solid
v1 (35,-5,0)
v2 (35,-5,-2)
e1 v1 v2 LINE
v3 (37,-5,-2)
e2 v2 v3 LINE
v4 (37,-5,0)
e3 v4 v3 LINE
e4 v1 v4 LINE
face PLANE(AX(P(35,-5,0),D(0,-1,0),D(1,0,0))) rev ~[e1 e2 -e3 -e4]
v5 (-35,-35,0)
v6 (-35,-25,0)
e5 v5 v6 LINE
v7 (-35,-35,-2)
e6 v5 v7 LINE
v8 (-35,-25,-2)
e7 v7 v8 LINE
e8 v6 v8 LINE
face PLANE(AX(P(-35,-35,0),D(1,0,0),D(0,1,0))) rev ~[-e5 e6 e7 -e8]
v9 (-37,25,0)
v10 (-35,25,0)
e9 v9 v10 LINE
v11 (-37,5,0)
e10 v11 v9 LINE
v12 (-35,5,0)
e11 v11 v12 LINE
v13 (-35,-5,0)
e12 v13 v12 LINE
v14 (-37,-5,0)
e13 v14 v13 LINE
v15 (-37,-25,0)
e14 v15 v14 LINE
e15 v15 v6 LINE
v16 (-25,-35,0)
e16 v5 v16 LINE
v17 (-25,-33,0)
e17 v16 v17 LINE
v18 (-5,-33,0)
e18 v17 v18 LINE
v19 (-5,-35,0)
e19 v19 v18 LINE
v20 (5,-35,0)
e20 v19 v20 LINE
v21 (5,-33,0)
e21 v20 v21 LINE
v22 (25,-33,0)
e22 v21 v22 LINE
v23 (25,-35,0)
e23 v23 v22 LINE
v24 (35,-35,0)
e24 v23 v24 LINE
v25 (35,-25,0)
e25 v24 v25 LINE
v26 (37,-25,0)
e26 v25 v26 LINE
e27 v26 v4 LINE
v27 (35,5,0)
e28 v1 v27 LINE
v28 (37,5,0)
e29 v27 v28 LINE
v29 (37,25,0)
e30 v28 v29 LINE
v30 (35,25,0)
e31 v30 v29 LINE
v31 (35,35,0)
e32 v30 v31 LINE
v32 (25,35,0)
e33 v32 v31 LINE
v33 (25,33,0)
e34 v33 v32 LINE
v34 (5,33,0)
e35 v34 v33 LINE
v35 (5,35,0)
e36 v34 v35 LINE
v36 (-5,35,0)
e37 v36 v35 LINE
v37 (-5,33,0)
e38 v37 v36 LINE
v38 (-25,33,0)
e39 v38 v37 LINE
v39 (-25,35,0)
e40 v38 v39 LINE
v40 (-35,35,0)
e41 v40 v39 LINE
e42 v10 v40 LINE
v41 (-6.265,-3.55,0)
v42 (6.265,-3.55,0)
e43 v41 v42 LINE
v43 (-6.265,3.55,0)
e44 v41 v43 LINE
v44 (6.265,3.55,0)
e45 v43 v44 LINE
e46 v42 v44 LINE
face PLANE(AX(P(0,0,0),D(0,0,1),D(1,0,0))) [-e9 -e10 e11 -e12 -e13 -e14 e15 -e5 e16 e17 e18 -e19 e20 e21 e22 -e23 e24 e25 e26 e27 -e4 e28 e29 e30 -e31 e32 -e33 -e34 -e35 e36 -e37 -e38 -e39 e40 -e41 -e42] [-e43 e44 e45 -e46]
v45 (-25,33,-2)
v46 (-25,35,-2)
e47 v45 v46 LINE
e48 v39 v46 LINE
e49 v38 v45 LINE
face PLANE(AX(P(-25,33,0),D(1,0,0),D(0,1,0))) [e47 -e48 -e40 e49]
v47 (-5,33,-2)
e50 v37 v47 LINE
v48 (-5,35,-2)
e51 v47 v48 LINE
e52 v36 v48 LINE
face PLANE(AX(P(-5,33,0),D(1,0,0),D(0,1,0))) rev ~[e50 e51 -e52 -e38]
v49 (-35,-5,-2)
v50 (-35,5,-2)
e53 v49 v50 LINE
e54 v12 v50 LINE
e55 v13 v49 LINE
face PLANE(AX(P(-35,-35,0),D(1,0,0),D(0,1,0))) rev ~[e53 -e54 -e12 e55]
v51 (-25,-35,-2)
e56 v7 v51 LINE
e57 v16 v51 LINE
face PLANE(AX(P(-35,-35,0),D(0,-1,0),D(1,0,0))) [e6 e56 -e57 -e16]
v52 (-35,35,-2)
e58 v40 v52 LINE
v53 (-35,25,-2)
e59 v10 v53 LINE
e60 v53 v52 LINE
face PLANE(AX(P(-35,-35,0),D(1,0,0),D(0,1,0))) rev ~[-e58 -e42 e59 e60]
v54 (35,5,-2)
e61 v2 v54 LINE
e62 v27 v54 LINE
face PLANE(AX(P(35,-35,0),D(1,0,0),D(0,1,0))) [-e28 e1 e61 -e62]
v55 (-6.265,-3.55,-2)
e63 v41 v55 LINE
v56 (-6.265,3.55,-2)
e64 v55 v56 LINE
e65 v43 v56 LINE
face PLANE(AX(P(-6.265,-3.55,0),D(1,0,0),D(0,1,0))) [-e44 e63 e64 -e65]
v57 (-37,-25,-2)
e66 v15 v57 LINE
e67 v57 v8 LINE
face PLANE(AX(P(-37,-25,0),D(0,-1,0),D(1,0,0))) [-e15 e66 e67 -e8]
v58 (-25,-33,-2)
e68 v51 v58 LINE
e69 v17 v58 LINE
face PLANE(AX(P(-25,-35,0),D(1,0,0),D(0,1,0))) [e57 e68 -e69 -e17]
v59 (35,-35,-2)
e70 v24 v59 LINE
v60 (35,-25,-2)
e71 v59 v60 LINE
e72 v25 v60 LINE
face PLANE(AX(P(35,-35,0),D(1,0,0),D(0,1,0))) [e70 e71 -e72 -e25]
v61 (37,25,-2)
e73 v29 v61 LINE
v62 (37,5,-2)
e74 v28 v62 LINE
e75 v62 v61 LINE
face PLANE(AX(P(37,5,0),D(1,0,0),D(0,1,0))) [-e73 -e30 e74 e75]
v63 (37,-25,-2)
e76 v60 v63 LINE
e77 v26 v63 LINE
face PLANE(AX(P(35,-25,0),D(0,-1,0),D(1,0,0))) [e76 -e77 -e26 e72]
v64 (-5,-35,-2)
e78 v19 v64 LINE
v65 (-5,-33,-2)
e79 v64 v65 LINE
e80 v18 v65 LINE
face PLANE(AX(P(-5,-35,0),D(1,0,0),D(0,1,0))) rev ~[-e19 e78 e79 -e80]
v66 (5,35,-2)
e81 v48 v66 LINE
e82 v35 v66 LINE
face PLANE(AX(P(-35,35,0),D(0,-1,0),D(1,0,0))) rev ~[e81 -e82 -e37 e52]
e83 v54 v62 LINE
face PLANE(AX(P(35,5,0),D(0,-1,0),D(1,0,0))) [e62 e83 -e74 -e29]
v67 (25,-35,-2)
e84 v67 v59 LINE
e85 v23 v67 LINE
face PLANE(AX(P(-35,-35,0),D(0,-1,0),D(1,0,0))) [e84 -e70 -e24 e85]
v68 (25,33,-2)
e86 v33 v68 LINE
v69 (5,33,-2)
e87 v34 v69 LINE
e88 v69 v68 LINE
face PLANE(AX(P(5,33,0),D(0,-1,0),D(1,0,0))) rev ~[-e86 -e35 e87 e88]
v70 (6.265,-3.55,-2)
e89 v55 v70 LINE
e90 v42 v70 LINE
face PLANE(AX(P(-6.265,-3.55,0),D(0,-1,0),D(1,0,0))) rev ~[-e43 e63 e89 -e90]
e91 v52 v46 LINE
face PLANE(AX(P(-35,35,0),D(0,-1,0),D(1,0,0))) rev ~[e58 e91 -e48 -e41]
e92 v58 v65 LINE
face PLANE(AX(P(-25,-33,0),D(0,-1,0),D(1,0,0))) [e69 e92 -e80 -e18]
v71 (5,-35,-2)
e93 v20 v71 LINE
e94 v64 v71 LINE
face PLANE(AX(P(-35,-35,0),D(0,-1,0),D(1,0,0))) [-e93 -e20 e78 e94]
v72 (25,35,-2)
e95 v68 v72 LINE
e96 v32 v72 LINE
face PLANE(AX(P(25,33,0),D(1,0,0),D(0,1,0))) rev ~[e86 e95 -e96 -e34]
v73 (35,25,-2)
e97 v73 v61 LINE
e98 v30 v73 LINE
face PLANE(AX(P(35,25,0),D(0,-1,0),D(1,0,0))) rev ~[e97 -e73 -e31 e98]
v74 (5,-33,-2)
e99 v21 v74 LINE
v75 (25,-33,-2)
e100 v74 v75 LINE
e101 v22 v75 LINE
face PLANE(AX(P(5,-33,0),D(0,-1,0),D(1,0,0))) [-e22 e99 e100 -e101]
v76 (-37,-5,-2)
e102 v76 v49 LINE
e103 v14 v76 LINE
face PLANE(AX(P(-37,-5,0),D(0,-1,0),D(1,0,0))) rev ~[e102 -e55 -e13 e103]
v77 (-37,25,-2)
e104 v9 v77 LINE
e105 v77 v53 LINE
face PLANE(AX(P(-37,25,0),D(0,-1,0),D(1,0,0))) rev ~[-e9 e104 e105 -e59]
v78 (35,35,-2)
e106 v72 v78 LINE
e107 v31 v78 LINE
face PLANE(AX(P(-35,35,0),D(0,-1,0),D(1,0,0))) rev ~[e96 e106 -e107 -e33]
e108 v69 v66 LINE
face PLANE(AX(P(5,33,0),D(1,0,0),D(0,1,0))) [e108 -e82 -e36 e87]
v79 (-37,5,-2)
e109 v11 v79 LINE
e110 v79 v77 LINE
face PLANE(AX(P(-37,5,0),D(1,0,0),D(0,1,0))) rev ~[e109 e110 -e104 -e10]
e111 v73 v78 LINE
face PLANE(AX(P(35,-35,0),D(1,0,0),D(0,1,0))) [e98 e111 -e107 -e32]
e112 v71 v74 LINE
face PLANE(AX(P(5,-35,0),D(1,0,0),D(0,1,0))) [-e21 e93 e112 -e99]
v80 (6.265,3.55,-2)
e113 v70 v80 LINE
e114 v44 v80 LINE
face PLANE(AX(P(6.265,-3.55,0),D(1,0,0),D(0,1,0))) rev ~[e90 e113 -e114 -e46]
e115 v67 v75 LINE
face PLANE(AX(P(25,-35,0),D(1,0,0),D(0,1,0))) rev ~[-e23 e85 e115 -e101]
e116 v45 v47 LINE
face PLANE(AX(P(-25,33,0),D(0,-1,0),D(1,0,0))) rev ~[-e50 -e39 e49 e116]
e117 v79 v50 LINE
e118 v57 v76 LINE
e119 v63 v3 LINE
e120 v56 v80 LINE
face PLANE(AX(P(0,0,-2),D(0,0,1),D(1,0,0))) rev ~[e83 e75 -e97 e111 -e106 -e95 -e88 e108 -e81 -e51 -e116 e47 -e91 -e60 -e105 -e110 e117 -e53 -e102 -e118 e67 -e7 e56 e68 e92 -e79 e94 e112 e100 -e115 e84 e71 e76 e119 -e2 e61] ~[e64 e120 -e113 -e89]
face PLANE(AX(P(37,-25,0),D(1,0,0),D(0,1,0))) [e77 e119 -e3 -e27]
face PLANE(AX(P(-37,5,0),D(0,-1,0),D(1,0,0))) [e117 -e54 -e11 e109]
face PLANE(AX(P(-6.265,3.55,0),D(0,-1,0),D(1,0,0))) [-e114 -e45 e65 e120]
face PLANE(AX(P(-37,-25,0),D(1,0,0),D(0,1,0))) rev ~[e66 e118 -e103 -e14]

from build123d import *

# Parameters (mm, degrees)
SKETCH1_W           = 70
SKETCH1_H           = 70
BOSS_EXTRUDE1_DEPTH = 2
SKETCH2_W           = 2
SKETCH2_H           = 20
BOSS_EXTRUDE2_DEPTH = 2
SKETCH3_W           = 20
SKETCH3_H           = 2
CUT_EXTRUDE1_DEPTH  = 2
SKETCH4_W           = 12.53
SKETCH4_H           = 7.1
CUT_EXTRUDE2_DEPTH  = 10


with BuildPart() as part:
    # Sketch1 → Boss-Extrude1 (new body)
    with BuildSketch(Plane.XY):
        Rectangle(SKETCH1_W, SKETCH1_H)
    extrude(amount=-BOSS_EXTRUDE1_DEPTH)

    # Sketch2 → Boss-Extrude2 (add)
    with BuildSketch(Plane.XY):
        with Locations((-36, 15)):
            Rectangle(SKETCH2_W, SKETCH2_H)
        with Locations((-36, -15)):
            Rectangle(SKETCH2_W, SKETCH2_H)
        with Locations((36, -15)):
            Rectangle(SKETCH2_W, SKETCH2_H)
        with Locations((36, 15)):
            Rectangle(SKETCH2_W, SKETCH2_H)
    extrude(amount=-BOSS_EXTRUDE2_DEPTH)

    # Sketch3 → Cut-Extrude1 (cut)
    with BuildSketch(Plane.XY):
        with Locations((-15, 34)):
            Rectangle(SKETCH3_W, SKETCH3_H)
        with Locations((15, 34)):
            Rectangle(SKETCH3_W, SKETCH3_H)
        with Locations((-15, -34)):
            Rectangle(SKETCH3_W, SKETCH3_H)
        with Locations((15, -34)):
            Rectangle(SKETCH3_W, SKETCH3_H)
    extrude(amount=-CUT_EXTRUDE1_DEPTH, mode=Mode.SUBTRACT)

    # Sketch4 → Cut-Extrude2 (cut)
    with BuildSketch(Plane.XY):
        Rectangle(SKETCH4_W, SKETCH4_H)
    extrude(amount=-CUT_EXTRUDE2_DEPTH, mode=Mode.SUBTRACT)


solid = part.part
